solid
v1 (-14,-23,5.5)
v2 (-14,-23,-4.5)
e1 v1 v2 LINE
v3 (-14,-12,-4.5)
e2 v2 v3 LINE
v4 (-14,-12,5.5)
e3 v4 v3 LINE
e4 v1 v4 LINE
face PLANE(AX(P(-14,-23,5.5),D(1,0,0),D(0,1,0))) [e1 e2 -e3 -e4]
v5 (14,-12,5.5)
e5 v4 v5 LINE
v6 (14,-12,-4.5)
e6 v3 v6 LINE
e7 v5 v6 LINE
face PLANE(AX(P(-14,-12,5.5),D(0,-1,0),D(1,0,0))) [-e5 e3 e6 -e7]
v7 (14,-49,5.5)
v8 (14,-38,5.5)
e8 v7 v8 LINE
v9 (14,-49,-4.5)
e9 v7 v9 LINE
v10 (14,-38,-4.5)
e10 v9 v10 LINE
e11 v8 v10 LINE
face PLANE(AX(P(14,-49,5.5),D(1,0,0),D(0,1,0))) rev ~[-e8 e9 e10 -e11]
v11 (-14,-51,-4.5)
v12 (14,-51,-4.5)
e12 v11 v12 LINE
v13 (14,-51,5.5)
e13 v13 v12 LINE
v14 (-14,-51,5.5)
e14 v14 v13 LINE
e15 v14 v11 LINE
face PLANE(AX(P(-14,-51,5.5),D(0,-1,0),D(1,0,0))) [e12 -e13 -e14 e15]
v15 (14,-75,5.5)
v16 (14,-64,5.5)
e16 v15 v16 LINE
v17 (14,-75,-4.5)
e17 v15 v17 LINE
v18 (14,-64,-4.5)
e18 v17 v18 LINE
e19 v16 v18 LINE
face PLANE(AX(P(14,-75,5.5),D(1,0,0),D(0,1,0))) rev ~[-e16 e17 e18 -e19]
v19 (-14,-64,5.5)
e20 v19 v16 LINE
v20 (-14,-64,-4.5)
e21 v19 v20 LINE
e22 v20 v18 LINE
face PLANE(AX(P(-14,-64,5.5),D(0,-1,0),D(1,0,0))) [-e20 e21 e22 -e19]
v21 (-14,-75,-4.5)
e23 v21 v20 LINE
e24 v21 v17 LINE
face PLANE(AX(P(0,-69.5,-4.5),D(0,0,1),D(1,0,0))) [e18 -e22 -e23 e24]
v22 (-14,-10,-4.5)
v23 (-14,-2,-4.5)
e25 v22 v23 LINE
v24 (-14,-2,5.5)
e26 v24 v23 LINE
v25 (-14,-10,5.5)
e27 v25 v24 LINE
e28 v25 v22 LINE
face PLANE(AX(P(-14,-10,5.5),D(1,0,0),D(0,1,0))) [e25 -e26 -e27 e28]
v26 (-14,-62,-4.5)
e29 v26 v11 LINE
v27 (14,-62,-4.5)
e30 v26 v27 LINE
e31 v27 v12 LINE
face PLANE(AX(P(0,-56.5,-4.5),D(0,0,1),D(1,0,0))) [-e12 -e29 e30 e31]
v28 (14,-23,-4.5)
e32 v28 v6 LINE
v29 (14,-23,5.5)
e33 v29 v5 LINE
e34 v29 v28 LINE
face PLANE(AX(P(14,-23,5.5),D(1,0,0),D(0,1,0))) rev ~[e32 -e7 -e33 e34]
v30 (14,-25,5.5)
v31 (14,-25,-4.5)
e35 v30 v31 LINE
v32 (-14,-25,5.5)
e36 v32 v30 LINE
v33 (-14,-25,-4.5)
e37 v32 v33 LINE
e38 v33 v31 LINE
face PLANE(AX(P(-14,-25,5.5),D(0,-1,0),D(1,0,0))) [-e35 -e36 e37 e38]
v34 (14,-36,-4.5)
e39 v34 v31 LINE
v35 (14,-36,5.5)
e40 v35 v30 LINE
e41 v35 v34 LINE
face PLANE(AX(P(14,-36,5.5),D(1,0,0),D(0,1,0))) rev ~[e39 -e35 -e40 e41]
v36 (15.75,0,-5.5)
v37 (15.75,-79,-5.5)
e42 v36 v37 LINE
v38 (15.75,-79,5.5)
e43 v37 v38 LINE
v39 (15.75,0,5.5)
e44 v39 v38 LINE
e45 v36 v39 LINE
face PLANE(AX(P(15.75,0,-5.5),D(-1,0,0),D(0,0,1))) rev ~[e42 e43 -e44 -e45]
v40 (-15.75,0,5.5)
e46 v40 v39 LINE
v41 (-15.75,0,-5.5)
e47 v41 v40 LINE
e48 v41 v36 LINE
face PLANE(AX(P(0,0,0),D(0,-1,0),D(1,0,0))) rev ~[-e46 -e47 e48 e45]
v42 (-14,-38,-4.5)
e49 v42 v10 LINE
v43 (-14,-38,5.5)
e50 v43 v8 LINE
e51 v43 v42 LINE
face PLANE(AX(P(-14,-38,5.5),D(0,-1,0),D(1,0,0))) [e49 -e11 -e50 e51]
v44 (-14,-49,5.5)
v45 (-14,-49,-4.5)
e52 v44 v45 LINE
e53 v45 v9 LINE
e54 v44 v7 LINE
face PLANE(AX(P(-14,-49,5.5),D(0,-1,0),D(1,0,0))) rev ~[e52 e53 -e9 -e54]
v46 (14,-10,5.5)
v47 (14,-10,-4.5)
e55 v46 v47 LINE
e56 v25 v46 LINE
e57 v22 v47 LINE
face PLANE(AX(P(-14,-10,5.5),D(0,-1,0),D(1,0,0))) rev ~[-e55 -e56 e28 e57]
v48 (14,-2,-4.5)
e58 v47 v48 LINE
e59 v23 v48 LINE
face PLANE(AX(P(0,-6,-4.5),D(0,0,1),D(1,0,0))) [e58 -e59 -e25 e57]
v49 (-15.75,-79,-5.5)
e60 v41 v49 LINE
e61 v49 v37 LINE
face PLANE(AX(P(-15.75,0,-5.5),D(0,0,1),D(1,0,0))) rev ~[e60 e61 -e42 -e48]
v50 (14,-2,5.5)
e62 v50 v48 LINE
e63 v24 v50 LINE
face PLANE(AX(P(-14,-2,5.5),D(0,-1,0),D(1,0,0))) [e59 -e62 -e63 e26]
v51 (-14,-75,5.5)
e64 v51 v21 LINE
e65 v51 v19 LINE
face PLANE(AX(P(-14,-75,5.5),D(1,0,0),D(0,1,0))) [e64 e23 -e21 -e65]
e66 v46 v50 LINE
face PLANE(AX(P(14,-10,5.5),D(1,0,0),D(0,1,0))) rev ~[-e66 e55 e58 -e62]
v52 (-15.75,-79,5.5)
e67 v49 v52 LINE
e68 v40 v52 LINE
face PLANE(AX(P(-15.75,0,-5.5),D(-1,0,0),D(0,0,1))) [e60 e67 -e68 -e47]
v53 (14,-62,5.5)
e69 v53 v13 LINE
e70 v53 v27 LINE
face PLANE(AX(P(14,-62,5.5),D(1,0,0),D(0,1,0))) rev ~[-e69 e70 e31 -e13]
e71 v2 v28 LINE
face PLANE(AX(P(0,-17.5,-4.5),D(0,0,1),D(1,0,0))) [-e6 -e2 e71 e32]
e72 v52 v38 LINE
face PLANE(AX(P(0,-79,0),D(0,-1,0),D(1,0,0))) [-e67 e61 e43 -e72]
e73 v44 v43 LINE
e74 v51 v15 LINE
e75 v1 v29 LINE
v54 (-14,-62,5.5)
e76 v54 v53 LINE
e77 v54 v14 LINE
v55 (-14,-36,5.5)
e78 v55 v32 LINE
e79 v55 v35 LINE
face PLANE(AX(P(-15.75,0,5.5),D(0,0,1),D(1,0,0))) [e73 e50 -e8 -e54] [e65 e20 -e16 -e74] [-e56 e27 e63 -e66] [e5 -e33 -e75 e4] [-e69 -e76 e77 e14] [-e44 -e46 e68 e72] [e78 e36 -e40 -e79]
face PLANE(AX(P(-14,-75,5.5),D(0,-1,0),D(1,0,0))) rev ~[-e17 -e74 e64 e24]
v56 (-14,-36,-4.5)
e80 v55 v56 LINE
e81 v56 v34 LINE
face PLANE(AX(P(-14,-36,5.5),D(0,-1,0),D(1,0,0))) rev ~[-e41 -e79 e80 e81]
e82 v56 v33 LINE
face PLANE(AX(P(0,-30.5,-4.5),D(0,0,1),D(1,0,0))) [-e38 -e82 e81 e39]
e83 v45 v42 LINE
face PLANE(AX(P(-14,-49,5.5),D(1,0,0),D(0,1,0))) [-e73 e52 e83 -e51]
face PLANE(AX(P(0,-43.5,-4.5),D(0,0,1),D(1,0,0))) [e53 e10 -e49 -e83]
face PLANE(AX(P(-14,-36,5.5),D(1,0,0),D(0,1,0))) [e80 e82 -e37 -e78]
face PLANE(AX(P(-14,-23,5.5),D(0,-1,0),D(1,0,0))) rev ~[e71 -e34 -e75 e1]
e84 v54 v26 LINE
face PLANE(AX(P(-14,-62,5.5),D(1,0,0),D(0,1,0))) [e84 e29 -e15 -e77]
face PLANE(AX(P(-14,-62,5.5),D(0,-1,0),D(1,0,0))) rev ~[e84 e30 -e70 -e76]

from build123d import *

# Parameters (mm, degrees)
F0_W     = 31.5
F0_H     = 11
F1_DEPTH = 79
F2_W     = 28
F2_H     = 8
F2_H_2   = 11
F3_DEPTH = 10


with BuildPart() as f1:
    # F0 (on Front) → F1 (new body)
    with BuildSketch(Plane.XZ):
        Rectangle(F0_W, F0_H)
    extrude(amount=F1_DEPTH)

    # F2 (on face) → F3 (cut)
    with BuildSketch(Plane.XY.offset(5.5)):
        with Locations((0, -6)):
            Rectangle(F2_W, F2_H)
        with Locations((0, -17.5)):
            Rectangle(F2_W, F2_H_2)
        with Locations((0, -30.5)):
            Rectangle(F2_W, F2_H_2)
        with Locations((0, -43.5)):
            Rectangle(F2_W, F2_H_2)
        with Locations((0, -56.5)):
            Rectangle(F2_W, F2_H_2)
        with Locations((0, -69.5)):
            Rectangle(F2_W, F2_H_2)
    extrude(amount=-F3_DEPTH, mode=Mode.SUBTRACT)


solid = f1.part
